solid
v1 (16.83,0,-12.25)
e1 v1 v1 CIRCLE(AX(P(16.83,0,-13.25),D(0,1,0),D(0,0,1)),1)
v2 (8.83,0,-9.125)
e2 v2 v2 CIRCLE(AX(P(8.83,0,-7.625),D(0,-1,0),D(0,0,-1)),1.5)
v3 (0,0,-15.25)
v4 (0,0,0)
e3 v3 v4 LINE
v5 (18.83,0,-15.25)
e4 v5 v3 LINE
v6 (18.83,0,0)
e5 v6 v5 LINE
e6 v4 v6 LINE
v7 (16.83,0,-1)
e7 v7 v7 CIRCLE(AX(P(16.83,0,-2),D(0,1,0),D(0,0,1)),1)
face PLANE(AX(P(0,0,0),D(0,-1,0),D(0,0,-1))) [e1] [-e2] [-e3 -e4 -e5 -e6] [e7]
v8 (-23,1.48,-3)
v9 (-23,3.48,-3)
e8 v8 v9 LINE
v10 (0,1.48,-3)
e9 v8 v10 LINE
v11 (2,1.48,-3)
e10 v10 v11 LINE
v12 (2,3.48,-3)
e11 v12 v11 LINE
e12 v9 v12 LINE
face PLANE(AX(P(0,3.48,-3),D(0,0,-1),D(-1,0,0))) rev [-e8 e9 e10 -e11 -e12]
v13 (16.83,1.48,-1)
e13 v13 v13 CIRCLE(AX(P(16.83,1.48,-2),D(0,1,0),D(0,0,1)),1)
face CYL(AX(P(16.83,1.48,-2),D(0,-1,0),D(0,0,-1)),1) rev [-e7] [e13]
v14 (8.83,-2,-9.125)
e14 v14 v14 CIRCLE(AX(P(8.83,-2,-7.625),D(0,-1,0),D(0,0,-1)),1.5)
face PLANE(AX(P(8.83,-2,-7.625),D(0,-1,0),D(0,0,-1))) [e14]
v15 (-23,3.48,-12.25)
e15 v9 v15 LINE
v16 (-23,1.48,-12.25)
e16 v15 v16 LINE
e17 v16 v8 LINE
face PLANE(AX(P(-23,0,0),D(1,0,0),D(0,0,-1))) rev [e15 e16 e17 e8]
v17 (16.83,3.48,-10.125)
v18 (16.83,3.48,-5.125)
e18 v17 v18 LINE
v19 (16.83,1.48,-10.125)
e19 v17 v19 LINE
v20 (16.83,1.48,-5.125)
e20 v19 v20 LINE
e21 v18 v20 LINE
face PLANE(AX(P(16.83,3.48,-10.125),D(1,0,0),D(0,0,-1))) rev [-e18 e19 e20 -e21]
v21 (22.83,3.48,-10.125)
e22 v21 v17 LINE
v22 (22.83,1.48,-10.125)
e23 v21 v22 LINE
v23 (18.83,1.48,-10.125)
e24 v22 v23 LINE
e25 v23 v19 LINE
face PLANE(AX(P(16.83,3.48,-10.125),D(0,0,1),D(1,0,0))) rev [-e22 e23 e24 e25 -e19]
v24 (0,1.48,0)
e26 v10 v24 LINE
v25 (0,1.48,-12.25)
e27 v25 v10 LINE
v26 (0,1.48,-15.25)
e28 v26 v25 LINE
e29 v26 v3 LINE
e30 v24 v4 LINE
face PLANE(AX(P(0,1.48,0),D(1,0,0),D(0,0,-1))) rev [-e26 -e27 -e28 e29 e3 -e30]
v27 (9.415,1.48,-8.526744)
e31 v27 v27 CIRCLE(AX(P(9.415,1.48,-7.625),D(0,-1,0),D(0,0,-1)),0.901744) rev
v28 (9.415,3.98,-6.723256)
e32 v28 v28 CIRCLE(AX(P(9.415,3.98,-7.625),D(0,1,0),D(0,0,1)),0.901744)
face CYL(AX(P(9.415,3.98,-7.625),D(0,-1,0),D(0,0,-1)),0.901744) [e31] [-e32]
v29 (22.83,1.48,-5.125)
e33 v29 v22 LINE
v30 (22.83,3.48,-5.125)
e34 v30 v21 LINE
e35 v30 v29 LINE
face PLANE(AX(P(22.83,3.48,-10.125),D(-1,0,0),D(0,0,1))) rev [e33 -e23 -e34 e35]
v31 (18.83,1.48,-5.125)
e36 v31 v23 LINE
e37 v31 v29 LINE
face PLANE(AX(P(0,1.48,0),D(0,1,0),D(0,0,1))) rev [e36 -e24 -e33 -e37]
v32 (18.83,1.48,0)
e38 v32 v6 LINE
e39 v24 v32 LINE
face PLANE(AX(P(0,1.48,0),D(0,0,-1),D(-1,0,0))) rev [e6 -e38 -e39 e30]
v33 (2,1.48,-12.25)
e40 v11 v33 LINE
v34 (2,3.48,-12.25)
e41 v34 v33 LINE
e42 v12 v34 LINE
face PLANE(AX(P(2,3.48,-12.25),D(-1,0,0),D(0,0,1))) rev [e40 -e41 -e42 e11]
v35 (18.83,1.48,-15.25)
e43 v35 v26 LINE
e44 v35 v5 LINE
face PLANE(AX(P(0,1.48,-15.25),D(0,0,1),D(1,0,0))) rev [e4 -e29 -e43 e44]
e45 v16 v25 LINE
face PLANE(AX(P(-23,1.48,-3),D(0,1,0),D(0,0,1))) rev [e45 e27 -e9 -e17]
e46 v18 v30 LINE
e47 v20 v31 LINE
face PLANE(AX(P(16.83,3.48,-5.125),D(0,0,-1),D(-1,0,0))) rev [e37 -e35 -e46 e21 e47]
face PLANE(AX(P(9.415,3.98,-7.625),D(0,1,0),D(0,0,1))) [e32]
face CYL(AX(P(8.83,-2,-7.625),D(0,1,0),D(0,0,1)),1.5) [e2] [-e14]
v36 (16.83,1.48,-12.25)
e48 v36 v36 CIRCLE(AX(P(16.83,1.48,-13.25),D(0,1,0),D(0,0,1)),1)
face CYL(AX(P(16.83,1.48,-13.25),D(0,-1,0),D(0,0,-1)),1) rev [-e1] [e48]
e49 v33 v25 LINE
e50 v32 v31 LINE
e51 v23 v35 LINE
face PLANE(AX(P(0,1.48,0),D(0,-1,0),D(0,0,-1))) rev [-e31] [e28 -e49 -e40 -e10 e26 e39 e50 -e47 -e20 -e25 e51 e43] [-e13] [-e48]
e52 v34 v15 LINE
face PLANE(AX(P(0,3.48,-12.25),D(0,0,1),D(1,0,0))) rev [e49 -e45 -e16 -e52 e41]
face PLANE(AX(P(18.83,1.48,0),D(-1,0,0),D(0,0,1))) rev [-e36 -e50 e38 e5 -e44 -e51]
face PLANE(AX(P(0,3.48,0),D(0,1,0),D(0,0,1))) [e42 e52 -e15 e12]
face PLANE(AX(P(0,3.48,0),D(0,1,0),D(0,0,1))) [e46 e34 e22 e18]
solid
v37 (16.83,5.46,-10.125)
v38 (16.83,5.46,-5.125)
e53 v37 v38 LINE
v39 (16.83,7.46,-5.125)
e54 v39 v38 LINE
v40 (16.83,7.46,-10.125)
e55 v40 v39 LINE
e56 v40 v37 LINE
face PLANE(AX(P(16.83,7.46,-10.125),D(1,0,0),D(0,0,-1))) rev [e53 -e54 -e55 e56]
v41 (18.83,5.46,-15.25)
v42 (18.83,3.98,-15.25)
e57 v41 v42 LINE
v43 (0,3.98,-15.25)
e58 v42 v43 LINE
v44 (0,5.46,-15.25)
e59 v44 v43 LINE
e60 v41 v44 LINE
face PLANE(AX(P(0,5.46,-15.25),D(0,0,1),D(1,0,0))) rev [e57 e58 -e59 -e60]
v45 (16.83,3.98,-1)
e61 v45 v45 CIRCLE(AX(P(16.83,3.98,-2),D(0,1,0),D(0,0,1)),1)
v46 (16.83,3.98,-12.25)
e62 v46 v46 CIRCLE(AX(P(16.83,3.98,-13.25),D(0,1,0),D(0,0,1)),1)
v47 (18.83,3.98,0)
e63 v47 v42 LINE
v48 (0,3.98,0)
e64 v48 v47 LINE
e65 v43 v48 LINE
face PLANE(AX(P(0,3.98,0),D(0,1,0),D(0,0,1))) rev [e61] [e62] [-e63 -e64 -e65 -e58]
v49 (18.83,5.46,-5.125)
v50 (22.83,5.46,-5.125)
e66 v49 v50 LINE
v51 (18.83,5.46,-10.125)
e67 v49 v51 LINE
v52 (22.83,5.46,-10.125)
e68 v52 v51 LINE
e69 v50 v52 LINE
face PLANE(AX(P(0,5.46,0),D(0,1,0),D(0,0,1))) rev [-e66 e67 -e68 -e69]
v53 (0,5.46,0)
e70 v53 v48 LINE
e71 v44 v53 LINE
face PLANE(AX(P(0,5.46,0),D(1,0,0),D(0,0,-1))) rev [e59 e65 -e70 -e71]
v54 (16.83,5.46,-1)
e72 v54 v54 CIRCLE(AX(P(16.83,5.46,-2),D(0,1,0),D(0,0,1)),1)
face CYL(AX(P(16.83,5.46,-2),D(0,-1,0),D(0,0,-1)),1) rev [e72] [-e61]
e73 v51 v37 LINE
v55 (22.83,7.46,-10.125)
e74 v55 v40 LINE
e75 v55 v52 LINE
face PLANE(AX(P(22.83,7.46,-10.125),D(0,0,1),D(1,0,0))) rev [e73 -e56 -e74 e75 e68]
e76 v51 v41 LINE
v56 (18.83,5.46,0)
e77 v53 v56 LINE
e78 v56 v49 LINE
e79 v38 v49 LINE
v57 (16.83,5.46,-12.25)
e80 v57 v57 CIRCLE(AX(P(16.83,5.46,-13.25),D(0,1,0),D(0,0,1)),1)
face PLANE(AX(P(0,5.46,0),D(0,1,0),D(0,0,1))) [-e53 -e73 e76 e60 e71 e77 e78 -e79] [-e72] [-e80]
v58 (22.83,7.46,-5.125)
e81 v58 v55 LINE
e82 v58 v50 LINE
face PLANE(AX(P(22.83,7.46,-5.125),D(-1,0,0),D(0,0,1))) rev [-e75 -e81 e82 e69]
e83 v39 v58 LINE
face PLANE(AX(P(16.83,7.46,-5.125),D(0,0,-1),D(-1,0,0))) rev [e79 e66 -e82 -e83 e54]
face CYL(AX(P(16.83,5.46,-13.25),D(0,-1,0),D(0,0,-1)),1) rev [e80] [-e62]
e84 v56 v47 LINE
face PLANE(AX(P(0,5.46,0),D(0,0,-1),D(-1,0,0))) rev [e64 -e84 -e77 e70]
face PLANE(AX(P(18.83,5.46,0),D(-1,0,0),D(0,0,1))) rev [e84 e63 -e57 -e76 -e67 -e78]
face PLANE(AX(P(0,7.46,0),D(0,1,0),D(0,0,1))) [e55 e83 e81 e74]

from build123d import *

# Parameters (mm, degrees)
SKETCH1_W           = 18.83
SKETCH1_H           = 15.25
SKETCH1_R           = 1
BOSS_EXTRUDE1_DEPTH = 1.48
SKETCH2_W           = 6
SKETCH2_H           = 5
BOSS_EXTRUDE2_DEPTH = 2
SKETCH3_R           = 0.901743866
BOSS_EXTRUDE3_DEPTH = 2.5
SKETCH4_W           = 2
SKETCH4_H           = 5
SKETCH4_R           = 1
BOSS_EXTRUDE4_DEPTH = 1.48
SKETCH5_W           = 6
SKETCH5_H           = 5
BOSS_EXTRUDE5_DEPTH = 2
SKETCH6_W           = 2
SKETCH6_H           = 9.25
BOSS_EXTRUDE6_DEPTH = 2
SKETCH7_W           = 9.25
SKETCH7_H           = 2
BOSS_EXTRUDE7_DEPTH = 23
SKETCH9_R           = 1.5
BOSS_EXTRUDE8_DEPTH = 2


with BuildPart() as part:
    # Sketch1 → Boss-Extrude1 (new body)
    with BuildSketch(Plane(origin=(0, 0, 0), x_dir=(1, 0, 0), z_dir=(0, 1, 0))):
        with Locations((9.415, 7.625)):
            Rectangle(SKETCH1_W, SKETCH1_H)
        with Locations(Location((16.83, 13.25, 0), (0, 0, 270))):
            Circle(SKETCH1_R, mode=Mode.SUBTRACT)
        with Locations(Location((16.83, 2, 0), (0, 0, 270))):
            Circle(SKETCH1_R, mode=Mode.SUBTRACT)
    extrude(amount=BOSS_EXTRUDE1_DEPTH)

    # Sketch2 → Boss-Extrude2 (add)
    with BuildSketch(Plane(origin=(0, 1.48, 0), x_dir=(1, 0, 0), z_dir=(0, 1, 0))):
        with Locations((19.83, 7.625)):
            Rectangle(SKETCH2_W, SKETCH2_H)
    extrude(amount=BOSS_EXTRUDE2_DEPTH)

    # Sketch3 → Boss-Extrude3 (add)
    with BuildSketch(Plane(origin=(0, 1.48, 0), x_dir=(1, 0, 0), z_dir=(0, 1, 0))):
        with Locations(Location((9.415, 7.625, 0), (0, 0, 90))):
            Circle(SKETCH3_R)
    extrude(amount=BOSS_EXTRUDE3_DEPTH)

    # Sketch6 → Boss-Extrude6 (add)
    with BuildSketch(Plane(origin=(0, 1.48, 0), x_dir=(1, 0, 0), z_dir=(0, 1, 0))):
        with Locations((1, 7.625)):
            Rectangle(SKETCH6_W, SKETCH6_H)
    extrude(amount=BOSS_EXTRUDE6_DEPTH)

    # Sketch7 → Boss-Extrude7 (add)
    with BuildSketch(Plane.ZY):
        with Locations((-7.625, 2.48)):
            Rectangle(SKETCH7_W, SKETCH7_H)
    extrude(amount=BOSS_EXTRUDE7_DEPTH)

    # Sketch9 → Boss-Extrude8 (add)
    with BuildSketch(Plane.XZ):
        with Locations(Location((8.83, -7.625, 0), (0, 0, 270))):
            Circle(SKETCH9_R)
    extrude(amount=BOSS_EXTRUDE8_DEPTH)


with BuildPart() as body_2:
    # Sketch4 → Boss-Extrude4 (new body)
    # profile 1 of 2: a face of its own
    with BuildSketch(Plane(origin=(0, 3.98, 0), x_dir=(1, 0, 0), z_dir=(0, 1, 0))):
        with Locations((17.83, 7.625)):
            Rectangle(SKETCH4_W, SKETCH4_H)
    # profile 2 of 2: a face of its own
    with BuildSketch(Plane(origin=(0, 3.98, 0), x_dir=(1, 0, 0), z_dir=(0, 1, 0))):
        Polygon((18.83, 0), (18.83, 5.125), (16.83, 5.125), (16.83, 10.125), (18.83, 10.125), (18.83, 15.25), (0, 15.25), (0, 0), align=None)
        with Locations(Location((16.83, 2, 0), (0, 0, 270))):
            Circle(SKETCH4_R, mode=Mode.SUBTRACT)
        with Locations(Location((16.83, 13.25, 0), (0, 0, 270))):
            Circle(SKETCH4_R, mode=Mode.SUBTRACT)
    extrude(amount=BOSS_EXTRUDE4_DEPTH)

    # Sketch5 → Boss-Extrude5 (add)
    with BuildSketch(Plane(origin=(0, 5.46, 0), x_dir=(1, 0, 0), z_dir=(0, 1, 0))):
        with Locations((19.83, 7.625)):
            Rectangle(SKETCH5_W, SKETCH5_H)
    extrude(amount=BOSS_EXTRUDE5_DEPTH)


solid = Compound([part.part, body_2.part])
